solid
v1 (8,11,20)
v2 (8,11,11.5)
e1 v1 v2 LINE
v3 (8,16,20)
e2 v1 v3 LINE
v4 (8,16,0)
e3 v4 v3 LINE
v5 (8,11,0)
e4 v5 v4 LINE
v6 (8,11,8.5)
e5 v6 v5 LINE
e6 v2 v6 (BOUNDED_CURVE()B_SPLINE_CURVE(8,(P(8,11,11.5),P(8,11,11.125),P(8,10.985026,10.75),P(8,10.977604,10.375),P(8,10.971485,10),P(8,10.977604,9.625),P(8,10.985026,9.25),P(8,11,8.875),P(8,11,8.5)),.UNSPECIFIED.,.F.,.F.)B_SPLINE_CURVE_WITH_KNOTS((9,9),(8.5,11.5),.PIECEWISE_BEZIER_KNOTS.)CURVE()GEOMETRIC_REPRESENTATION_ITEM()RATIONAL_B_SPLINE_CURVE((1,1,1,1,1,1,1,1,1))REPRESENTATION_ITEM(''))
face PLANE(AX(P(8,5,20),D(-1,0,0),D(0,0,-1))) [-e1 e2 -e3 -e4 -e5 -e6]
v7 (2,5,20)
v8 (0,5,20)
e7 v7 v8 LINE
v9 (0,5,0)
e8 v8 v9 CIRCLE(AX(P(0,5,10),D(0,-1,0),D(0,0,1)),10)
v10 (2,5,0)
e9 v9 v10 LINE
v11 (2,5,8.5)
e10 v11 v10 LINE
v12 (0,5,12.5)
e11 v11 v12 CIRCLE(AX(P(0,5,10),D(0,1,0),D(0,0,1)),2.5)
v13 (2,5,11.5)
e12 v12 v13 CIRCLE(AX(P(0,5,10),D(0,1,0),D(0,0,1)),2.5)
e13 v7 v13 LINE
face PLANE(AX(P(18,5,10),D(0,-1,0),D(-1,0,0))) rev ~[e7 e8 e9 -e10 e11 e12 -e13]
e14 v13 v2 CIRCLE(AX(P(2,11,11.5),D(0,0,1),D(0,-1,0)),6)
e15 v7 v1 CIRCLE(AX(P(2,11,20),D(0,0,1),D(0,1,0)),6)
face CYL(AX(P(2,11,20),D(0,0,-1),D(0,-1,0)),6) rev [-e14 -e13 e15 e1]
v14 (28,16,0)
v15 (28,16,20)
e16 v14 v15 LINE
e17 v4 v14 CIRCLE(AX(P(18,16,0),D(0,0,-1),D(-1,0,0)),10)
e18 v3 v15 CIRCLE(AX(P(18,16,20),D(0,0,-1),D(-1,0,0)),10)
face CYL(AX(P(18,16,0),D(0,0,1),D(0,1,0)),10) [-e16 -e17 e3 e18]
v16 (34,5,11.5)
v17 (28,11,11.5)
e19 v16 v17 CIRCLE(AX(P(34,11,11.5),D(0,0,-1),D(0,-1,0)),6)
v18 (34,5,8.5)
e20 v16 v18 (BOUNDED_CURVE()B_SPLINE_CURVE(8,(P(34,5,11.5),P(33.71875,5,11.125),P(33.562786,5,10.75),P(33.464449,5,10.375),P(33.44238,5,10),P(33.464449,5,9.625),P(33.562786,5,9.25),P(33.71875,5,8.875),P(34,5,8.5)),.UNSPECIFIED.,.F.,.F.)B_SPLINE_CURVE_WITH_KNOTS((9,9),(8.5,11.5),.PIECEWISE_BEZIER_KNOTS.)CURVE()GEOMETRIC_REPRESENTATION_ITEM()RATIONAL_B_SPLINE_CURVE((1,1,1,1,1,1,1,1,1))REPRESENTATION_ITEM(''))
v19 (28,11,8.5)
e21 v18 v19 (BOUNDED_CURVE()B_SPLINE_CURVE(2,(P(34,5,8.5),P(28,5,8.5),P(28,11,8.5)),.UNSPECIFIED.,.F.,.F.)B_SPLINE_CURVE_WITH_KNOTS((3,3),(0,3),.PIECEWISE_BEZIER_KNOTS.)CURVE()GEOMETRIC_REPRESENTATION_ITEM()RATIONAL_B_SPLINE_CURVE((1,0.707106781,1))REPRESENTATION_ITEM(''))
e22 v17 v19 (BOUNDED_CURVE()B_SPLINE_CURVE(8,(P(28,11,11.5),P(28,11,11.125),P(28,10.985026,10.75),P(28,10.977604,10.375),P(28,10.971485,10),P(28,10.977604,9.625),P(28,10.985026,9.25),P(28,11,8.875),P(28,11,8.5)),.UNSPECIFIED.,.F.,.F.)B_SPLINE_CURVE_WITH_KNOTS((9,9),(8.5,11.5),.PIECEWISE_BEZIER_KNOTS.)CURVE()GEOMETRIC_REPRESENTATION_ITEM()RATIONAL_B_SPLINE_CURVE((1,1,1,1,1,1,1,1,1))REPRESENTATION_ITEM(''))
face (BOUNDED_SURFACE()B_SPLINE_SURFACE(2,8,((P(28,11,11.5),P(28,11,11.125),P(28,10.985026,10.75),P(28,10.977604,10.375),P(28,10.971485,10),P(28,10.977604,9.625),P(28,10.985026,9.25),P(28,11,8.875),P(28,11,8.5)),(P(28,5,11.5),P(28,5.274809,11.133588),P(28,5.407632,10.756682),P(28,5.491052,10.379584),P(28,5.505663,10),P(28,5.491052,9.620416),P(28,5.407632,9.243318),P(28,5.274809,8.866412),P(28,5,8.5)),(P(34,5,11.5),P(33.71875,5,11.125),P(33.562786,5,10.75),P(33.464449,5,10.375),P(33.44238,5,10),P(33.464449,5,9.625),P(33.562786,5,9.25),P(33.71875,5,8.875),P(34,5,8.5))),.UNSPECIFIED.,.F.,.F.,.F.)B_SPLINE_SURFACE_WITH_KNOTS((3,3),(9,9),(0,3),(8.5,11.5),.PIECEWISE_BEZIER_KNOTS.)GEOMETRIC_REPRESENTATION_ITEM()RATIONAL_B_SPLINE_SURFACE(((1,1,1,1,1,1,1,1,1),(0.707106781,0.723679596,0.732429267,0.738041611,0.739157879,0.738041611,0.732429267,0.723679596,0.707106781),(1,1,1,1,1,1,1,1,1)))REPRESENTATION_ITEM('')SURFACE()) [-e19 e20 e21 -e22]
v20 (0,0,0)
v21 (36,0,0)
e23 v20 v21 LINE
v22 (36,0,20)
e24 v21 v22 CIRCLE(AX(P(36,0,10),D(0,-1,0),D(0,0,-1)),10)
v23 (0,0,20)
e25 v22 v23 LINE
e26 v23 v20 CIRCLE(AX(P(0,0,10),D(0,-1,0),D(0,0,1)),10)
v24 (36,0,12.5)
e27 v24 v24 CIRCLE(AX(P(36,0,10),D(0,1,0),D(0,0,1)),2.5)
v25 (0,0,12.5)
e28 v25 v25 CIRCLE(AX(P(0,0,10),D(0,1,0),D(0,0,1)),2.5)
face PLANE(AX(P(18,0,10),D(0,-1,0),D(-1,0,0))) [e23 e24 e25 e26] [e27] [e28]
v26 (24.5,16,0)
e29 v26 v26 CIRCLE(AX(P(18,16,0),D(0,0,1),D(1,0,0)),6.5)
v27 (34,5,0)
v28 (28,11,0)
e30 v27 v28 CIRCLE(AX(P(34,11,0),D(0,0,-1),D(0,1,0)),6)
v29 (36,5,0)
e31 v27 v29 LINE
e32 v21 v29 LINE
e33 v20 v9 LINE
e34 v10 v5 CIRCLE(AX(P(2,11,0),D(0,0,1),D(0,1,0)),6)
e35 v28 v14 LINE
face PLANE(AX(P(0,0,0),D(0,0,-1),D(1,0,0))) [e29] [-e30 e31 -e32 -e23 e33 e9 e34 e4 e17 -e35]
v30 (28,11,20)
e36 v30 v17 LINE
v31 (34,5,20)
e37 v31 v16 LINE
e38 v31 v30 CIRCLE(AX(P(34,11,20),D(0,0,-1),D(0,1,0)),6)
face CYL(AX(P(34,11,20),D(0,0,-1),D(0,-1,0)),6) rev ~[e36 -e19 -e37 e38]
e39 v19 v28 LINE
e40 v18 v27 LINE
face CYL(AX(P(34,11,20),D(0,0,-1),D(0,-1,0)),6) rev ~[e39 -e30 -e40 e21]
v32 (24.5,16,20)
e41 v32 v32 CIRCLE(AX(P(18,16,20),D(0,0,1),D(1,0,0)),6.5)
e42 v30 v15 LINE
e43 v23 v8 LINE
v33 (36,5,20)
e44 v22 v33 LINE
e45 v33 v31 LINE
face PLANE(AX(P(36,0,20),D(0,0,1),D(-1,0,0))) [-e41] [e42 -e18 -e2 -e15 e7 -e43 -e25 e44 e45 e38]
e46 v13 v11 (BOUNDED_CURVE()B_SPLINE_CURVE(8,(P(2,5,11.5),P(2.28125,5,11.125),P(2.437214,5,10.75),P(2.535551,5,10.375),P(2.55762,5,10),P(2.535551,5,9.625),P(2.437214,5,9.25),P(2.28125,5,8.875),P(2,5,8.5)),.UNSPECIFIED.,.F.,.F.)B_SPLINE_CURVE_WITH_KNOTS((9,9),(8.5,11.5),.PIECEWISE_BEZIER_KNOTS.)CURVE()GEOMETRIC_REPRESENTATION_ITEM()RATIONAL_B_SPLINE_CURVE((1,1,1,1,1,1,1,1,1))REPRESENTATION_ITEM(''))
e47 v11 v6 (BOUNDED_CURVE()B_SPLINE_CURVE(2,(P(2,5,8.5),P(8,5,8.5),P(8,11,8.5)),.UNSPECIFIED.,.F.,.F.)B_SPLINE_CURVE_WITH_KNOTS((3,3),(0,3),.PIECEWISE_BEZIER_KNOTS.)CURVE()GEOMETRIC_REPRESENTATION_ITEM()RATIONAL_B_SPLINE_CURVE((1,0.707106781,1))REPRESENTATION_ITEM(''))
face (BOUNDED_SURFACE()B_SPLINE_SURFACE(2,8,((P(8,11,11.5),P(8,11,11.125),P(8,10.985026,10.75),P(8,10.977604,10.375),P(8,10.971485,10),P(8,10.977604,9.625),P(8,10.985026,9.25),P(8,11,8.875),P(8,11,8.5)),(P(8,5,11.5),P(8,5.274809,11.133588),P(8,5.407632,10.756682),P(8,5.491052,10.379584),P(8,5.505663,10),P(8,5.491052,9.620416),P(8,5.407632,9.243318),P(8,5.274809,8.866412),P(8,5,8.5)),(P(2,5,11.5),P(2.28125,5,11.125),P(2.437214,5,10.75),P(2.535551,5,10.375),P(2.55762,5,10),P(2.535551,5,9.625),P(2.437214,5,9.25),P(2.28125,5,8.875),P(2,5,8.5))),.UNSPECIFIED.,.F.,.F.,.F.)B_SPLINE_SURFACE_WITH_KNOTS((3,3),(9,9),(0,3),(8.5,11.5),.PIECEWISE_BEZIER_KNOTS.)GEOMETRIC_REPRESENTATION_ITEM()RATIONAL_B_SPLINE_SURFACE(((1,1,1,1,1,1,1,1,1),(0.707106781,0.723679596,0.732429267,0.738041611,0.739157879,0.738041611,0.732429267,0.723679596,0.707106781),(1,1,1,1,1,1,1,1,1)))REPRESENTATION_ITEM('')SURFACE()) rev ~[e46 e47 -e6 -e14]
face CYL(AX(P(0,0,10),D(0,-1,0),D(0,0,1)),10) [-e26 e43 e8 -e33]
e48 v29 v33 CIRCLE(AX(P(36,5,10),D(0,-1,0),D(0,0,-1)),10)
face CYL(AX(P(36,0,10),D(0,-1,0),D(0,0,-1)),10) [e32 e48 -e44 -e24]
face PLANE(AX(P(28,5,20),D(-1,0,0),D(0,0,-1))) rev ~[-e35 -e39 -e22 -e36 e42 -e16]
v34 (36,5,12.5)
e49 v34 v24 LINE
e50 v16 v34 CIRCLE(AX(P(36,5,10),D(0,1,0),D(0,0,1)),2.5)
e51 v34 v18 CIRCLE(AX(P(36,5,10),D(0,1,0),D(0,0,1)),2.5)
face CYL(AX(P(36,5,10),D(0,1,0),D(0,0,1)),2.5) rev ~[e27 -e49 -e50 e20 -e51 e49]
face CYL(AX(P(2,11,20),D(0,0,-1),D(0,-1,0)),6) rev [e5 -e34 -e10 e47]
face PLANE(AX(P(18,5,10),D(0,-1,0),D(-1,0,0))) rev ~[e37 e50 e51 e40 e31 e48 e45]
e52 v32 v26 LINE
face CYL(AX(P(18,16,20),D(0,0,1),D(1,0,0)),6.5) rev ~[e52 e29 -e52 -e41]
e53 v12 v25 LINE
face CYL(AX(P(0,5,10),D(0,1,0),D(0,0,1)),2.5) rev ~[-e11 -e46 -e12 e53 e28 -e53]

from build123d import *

# Parameters (mm, degrees)
ESTRUSIONE_ESTRUSIONE1_DEPTH = 5
SCHIZZO2_W                   = 20
SCHIZZO2_H                   = 20
ESTRUSIONE_ESTRUSIONE2_DEPTH = 21
RACCORDO1_RADIUS             = 10
RACCORDO1_LENGTH             = 20
SCHIZZO5_R                   = 6.5
TAGLIO_ESTRUSIONE4_DEPTH     = 57.497787567
SCHIZZO6_R                   = 2.5
TAGLIO_ESTRUSIONE5_DEPTH     = 55.378304497
RACCORDO2_R                  = 6


with BuildPart() as part:
    # Schizzo1 → Estrusione-Estrusione1 (new body)
    with BuildSketch(Plane(origin=(0, 0, 0), x_dir=(1, 0, 0), z_dir=(0, 1, 0))):
        with BuildLine():
            Line((0, 0), (36, 0))
            ThreePointArc((36, 0), (46, -10), (36, -20))
            Line((36, -20), (0, -20))
            ThreePointArc((0, -20), (-10, -10), (0, 0))
        make_face()
    extrude(amount=ESTRUSIONE_ESTRUSIONE1_DEPTH)

    # Schizzo2 → Estrusione-Estrusione2 (add)
    with BuildSketch(Plane(origin=(0, 5, 0), x_dir=(1, 0, 0), z_dir=(0, 1, 0))):
        with Locations((18, -10)):
            Rectangle(SCHIZZO2_W, SCHIZZO2_H)
    extrude(amount=ESTRUSIONE_ESTRUSIONE2_DEPTH)

    # Raccordo1: full round fillet: the end face becomes a half cylinder, R = half its width
    raccordo1_face = Plane((18, 26, 10), x_dir=(0, 0, 1), z_dir=(0, 1, 0))  # on the end face: x along it, z out of the body
    raccordo1_slab = raccordo1_face.offset(-RACCORDO1_RADIUS / 2) * Box(RACCORDO1_LENGTH, 2 * RACCORDO1_RADIUS, RACCORDO1_RADIUS, mode=Mode.PRIVATE)  # the body's end, R deep
    raccordo1_round = Plane((18, 16, 10), x_dir=(0, 1, 0), z_dir=(0, 0, 1)) * Cylinder(RACCORDO1_RADIUS, RACCORDO1_LENGTH, mode=Mode.PRIVATE)  # its axis R under the face
    add(raccordo1_slab - raccordo1_round, mode=Mode.SUBTRACT)

    # Schizzo5 → Taglio-Estrusione4 (cut, through all)
    with BuildSketch(Plane.XY.offset(20)):
        with Locations((18, 16)):
            Circle(SCHIZZO5_R)
    extrude(amount=-TAGLIO_ESTRUSIONE4_DEPTH, mode=Mode.SUBTRACT)

    # Schizzo6 → Taglio-Estrusione5 (cut, through all)
    with BuildSketch(Plane(origin=(0, 5, 0), x_dir=(1, 0, 0), z_dir=(0, 1, 0))):
        with Locations(Location((0, -10, 0), (0, 0, 270))):
            Circle(SCHIZZO6_R)
        with Locations(Location((36, -10, 0), (0, 0, 270))):
            Circle(SCHIZZO6_R)
    extrude(amount=-TAGLIO_ESTRUSIONE5_DEPTH, mode=Mode.SUBTRACT)

    # Raccordo2
    raccordo2_edges = [part.edges().sort_by_distance(p)[0] for p in [
        (8, 5, 10),
        (28, 5, 10),
    ]]
    fillet(raccordo2_edges, radius=RACCORDO2_R)


solid = part.part
